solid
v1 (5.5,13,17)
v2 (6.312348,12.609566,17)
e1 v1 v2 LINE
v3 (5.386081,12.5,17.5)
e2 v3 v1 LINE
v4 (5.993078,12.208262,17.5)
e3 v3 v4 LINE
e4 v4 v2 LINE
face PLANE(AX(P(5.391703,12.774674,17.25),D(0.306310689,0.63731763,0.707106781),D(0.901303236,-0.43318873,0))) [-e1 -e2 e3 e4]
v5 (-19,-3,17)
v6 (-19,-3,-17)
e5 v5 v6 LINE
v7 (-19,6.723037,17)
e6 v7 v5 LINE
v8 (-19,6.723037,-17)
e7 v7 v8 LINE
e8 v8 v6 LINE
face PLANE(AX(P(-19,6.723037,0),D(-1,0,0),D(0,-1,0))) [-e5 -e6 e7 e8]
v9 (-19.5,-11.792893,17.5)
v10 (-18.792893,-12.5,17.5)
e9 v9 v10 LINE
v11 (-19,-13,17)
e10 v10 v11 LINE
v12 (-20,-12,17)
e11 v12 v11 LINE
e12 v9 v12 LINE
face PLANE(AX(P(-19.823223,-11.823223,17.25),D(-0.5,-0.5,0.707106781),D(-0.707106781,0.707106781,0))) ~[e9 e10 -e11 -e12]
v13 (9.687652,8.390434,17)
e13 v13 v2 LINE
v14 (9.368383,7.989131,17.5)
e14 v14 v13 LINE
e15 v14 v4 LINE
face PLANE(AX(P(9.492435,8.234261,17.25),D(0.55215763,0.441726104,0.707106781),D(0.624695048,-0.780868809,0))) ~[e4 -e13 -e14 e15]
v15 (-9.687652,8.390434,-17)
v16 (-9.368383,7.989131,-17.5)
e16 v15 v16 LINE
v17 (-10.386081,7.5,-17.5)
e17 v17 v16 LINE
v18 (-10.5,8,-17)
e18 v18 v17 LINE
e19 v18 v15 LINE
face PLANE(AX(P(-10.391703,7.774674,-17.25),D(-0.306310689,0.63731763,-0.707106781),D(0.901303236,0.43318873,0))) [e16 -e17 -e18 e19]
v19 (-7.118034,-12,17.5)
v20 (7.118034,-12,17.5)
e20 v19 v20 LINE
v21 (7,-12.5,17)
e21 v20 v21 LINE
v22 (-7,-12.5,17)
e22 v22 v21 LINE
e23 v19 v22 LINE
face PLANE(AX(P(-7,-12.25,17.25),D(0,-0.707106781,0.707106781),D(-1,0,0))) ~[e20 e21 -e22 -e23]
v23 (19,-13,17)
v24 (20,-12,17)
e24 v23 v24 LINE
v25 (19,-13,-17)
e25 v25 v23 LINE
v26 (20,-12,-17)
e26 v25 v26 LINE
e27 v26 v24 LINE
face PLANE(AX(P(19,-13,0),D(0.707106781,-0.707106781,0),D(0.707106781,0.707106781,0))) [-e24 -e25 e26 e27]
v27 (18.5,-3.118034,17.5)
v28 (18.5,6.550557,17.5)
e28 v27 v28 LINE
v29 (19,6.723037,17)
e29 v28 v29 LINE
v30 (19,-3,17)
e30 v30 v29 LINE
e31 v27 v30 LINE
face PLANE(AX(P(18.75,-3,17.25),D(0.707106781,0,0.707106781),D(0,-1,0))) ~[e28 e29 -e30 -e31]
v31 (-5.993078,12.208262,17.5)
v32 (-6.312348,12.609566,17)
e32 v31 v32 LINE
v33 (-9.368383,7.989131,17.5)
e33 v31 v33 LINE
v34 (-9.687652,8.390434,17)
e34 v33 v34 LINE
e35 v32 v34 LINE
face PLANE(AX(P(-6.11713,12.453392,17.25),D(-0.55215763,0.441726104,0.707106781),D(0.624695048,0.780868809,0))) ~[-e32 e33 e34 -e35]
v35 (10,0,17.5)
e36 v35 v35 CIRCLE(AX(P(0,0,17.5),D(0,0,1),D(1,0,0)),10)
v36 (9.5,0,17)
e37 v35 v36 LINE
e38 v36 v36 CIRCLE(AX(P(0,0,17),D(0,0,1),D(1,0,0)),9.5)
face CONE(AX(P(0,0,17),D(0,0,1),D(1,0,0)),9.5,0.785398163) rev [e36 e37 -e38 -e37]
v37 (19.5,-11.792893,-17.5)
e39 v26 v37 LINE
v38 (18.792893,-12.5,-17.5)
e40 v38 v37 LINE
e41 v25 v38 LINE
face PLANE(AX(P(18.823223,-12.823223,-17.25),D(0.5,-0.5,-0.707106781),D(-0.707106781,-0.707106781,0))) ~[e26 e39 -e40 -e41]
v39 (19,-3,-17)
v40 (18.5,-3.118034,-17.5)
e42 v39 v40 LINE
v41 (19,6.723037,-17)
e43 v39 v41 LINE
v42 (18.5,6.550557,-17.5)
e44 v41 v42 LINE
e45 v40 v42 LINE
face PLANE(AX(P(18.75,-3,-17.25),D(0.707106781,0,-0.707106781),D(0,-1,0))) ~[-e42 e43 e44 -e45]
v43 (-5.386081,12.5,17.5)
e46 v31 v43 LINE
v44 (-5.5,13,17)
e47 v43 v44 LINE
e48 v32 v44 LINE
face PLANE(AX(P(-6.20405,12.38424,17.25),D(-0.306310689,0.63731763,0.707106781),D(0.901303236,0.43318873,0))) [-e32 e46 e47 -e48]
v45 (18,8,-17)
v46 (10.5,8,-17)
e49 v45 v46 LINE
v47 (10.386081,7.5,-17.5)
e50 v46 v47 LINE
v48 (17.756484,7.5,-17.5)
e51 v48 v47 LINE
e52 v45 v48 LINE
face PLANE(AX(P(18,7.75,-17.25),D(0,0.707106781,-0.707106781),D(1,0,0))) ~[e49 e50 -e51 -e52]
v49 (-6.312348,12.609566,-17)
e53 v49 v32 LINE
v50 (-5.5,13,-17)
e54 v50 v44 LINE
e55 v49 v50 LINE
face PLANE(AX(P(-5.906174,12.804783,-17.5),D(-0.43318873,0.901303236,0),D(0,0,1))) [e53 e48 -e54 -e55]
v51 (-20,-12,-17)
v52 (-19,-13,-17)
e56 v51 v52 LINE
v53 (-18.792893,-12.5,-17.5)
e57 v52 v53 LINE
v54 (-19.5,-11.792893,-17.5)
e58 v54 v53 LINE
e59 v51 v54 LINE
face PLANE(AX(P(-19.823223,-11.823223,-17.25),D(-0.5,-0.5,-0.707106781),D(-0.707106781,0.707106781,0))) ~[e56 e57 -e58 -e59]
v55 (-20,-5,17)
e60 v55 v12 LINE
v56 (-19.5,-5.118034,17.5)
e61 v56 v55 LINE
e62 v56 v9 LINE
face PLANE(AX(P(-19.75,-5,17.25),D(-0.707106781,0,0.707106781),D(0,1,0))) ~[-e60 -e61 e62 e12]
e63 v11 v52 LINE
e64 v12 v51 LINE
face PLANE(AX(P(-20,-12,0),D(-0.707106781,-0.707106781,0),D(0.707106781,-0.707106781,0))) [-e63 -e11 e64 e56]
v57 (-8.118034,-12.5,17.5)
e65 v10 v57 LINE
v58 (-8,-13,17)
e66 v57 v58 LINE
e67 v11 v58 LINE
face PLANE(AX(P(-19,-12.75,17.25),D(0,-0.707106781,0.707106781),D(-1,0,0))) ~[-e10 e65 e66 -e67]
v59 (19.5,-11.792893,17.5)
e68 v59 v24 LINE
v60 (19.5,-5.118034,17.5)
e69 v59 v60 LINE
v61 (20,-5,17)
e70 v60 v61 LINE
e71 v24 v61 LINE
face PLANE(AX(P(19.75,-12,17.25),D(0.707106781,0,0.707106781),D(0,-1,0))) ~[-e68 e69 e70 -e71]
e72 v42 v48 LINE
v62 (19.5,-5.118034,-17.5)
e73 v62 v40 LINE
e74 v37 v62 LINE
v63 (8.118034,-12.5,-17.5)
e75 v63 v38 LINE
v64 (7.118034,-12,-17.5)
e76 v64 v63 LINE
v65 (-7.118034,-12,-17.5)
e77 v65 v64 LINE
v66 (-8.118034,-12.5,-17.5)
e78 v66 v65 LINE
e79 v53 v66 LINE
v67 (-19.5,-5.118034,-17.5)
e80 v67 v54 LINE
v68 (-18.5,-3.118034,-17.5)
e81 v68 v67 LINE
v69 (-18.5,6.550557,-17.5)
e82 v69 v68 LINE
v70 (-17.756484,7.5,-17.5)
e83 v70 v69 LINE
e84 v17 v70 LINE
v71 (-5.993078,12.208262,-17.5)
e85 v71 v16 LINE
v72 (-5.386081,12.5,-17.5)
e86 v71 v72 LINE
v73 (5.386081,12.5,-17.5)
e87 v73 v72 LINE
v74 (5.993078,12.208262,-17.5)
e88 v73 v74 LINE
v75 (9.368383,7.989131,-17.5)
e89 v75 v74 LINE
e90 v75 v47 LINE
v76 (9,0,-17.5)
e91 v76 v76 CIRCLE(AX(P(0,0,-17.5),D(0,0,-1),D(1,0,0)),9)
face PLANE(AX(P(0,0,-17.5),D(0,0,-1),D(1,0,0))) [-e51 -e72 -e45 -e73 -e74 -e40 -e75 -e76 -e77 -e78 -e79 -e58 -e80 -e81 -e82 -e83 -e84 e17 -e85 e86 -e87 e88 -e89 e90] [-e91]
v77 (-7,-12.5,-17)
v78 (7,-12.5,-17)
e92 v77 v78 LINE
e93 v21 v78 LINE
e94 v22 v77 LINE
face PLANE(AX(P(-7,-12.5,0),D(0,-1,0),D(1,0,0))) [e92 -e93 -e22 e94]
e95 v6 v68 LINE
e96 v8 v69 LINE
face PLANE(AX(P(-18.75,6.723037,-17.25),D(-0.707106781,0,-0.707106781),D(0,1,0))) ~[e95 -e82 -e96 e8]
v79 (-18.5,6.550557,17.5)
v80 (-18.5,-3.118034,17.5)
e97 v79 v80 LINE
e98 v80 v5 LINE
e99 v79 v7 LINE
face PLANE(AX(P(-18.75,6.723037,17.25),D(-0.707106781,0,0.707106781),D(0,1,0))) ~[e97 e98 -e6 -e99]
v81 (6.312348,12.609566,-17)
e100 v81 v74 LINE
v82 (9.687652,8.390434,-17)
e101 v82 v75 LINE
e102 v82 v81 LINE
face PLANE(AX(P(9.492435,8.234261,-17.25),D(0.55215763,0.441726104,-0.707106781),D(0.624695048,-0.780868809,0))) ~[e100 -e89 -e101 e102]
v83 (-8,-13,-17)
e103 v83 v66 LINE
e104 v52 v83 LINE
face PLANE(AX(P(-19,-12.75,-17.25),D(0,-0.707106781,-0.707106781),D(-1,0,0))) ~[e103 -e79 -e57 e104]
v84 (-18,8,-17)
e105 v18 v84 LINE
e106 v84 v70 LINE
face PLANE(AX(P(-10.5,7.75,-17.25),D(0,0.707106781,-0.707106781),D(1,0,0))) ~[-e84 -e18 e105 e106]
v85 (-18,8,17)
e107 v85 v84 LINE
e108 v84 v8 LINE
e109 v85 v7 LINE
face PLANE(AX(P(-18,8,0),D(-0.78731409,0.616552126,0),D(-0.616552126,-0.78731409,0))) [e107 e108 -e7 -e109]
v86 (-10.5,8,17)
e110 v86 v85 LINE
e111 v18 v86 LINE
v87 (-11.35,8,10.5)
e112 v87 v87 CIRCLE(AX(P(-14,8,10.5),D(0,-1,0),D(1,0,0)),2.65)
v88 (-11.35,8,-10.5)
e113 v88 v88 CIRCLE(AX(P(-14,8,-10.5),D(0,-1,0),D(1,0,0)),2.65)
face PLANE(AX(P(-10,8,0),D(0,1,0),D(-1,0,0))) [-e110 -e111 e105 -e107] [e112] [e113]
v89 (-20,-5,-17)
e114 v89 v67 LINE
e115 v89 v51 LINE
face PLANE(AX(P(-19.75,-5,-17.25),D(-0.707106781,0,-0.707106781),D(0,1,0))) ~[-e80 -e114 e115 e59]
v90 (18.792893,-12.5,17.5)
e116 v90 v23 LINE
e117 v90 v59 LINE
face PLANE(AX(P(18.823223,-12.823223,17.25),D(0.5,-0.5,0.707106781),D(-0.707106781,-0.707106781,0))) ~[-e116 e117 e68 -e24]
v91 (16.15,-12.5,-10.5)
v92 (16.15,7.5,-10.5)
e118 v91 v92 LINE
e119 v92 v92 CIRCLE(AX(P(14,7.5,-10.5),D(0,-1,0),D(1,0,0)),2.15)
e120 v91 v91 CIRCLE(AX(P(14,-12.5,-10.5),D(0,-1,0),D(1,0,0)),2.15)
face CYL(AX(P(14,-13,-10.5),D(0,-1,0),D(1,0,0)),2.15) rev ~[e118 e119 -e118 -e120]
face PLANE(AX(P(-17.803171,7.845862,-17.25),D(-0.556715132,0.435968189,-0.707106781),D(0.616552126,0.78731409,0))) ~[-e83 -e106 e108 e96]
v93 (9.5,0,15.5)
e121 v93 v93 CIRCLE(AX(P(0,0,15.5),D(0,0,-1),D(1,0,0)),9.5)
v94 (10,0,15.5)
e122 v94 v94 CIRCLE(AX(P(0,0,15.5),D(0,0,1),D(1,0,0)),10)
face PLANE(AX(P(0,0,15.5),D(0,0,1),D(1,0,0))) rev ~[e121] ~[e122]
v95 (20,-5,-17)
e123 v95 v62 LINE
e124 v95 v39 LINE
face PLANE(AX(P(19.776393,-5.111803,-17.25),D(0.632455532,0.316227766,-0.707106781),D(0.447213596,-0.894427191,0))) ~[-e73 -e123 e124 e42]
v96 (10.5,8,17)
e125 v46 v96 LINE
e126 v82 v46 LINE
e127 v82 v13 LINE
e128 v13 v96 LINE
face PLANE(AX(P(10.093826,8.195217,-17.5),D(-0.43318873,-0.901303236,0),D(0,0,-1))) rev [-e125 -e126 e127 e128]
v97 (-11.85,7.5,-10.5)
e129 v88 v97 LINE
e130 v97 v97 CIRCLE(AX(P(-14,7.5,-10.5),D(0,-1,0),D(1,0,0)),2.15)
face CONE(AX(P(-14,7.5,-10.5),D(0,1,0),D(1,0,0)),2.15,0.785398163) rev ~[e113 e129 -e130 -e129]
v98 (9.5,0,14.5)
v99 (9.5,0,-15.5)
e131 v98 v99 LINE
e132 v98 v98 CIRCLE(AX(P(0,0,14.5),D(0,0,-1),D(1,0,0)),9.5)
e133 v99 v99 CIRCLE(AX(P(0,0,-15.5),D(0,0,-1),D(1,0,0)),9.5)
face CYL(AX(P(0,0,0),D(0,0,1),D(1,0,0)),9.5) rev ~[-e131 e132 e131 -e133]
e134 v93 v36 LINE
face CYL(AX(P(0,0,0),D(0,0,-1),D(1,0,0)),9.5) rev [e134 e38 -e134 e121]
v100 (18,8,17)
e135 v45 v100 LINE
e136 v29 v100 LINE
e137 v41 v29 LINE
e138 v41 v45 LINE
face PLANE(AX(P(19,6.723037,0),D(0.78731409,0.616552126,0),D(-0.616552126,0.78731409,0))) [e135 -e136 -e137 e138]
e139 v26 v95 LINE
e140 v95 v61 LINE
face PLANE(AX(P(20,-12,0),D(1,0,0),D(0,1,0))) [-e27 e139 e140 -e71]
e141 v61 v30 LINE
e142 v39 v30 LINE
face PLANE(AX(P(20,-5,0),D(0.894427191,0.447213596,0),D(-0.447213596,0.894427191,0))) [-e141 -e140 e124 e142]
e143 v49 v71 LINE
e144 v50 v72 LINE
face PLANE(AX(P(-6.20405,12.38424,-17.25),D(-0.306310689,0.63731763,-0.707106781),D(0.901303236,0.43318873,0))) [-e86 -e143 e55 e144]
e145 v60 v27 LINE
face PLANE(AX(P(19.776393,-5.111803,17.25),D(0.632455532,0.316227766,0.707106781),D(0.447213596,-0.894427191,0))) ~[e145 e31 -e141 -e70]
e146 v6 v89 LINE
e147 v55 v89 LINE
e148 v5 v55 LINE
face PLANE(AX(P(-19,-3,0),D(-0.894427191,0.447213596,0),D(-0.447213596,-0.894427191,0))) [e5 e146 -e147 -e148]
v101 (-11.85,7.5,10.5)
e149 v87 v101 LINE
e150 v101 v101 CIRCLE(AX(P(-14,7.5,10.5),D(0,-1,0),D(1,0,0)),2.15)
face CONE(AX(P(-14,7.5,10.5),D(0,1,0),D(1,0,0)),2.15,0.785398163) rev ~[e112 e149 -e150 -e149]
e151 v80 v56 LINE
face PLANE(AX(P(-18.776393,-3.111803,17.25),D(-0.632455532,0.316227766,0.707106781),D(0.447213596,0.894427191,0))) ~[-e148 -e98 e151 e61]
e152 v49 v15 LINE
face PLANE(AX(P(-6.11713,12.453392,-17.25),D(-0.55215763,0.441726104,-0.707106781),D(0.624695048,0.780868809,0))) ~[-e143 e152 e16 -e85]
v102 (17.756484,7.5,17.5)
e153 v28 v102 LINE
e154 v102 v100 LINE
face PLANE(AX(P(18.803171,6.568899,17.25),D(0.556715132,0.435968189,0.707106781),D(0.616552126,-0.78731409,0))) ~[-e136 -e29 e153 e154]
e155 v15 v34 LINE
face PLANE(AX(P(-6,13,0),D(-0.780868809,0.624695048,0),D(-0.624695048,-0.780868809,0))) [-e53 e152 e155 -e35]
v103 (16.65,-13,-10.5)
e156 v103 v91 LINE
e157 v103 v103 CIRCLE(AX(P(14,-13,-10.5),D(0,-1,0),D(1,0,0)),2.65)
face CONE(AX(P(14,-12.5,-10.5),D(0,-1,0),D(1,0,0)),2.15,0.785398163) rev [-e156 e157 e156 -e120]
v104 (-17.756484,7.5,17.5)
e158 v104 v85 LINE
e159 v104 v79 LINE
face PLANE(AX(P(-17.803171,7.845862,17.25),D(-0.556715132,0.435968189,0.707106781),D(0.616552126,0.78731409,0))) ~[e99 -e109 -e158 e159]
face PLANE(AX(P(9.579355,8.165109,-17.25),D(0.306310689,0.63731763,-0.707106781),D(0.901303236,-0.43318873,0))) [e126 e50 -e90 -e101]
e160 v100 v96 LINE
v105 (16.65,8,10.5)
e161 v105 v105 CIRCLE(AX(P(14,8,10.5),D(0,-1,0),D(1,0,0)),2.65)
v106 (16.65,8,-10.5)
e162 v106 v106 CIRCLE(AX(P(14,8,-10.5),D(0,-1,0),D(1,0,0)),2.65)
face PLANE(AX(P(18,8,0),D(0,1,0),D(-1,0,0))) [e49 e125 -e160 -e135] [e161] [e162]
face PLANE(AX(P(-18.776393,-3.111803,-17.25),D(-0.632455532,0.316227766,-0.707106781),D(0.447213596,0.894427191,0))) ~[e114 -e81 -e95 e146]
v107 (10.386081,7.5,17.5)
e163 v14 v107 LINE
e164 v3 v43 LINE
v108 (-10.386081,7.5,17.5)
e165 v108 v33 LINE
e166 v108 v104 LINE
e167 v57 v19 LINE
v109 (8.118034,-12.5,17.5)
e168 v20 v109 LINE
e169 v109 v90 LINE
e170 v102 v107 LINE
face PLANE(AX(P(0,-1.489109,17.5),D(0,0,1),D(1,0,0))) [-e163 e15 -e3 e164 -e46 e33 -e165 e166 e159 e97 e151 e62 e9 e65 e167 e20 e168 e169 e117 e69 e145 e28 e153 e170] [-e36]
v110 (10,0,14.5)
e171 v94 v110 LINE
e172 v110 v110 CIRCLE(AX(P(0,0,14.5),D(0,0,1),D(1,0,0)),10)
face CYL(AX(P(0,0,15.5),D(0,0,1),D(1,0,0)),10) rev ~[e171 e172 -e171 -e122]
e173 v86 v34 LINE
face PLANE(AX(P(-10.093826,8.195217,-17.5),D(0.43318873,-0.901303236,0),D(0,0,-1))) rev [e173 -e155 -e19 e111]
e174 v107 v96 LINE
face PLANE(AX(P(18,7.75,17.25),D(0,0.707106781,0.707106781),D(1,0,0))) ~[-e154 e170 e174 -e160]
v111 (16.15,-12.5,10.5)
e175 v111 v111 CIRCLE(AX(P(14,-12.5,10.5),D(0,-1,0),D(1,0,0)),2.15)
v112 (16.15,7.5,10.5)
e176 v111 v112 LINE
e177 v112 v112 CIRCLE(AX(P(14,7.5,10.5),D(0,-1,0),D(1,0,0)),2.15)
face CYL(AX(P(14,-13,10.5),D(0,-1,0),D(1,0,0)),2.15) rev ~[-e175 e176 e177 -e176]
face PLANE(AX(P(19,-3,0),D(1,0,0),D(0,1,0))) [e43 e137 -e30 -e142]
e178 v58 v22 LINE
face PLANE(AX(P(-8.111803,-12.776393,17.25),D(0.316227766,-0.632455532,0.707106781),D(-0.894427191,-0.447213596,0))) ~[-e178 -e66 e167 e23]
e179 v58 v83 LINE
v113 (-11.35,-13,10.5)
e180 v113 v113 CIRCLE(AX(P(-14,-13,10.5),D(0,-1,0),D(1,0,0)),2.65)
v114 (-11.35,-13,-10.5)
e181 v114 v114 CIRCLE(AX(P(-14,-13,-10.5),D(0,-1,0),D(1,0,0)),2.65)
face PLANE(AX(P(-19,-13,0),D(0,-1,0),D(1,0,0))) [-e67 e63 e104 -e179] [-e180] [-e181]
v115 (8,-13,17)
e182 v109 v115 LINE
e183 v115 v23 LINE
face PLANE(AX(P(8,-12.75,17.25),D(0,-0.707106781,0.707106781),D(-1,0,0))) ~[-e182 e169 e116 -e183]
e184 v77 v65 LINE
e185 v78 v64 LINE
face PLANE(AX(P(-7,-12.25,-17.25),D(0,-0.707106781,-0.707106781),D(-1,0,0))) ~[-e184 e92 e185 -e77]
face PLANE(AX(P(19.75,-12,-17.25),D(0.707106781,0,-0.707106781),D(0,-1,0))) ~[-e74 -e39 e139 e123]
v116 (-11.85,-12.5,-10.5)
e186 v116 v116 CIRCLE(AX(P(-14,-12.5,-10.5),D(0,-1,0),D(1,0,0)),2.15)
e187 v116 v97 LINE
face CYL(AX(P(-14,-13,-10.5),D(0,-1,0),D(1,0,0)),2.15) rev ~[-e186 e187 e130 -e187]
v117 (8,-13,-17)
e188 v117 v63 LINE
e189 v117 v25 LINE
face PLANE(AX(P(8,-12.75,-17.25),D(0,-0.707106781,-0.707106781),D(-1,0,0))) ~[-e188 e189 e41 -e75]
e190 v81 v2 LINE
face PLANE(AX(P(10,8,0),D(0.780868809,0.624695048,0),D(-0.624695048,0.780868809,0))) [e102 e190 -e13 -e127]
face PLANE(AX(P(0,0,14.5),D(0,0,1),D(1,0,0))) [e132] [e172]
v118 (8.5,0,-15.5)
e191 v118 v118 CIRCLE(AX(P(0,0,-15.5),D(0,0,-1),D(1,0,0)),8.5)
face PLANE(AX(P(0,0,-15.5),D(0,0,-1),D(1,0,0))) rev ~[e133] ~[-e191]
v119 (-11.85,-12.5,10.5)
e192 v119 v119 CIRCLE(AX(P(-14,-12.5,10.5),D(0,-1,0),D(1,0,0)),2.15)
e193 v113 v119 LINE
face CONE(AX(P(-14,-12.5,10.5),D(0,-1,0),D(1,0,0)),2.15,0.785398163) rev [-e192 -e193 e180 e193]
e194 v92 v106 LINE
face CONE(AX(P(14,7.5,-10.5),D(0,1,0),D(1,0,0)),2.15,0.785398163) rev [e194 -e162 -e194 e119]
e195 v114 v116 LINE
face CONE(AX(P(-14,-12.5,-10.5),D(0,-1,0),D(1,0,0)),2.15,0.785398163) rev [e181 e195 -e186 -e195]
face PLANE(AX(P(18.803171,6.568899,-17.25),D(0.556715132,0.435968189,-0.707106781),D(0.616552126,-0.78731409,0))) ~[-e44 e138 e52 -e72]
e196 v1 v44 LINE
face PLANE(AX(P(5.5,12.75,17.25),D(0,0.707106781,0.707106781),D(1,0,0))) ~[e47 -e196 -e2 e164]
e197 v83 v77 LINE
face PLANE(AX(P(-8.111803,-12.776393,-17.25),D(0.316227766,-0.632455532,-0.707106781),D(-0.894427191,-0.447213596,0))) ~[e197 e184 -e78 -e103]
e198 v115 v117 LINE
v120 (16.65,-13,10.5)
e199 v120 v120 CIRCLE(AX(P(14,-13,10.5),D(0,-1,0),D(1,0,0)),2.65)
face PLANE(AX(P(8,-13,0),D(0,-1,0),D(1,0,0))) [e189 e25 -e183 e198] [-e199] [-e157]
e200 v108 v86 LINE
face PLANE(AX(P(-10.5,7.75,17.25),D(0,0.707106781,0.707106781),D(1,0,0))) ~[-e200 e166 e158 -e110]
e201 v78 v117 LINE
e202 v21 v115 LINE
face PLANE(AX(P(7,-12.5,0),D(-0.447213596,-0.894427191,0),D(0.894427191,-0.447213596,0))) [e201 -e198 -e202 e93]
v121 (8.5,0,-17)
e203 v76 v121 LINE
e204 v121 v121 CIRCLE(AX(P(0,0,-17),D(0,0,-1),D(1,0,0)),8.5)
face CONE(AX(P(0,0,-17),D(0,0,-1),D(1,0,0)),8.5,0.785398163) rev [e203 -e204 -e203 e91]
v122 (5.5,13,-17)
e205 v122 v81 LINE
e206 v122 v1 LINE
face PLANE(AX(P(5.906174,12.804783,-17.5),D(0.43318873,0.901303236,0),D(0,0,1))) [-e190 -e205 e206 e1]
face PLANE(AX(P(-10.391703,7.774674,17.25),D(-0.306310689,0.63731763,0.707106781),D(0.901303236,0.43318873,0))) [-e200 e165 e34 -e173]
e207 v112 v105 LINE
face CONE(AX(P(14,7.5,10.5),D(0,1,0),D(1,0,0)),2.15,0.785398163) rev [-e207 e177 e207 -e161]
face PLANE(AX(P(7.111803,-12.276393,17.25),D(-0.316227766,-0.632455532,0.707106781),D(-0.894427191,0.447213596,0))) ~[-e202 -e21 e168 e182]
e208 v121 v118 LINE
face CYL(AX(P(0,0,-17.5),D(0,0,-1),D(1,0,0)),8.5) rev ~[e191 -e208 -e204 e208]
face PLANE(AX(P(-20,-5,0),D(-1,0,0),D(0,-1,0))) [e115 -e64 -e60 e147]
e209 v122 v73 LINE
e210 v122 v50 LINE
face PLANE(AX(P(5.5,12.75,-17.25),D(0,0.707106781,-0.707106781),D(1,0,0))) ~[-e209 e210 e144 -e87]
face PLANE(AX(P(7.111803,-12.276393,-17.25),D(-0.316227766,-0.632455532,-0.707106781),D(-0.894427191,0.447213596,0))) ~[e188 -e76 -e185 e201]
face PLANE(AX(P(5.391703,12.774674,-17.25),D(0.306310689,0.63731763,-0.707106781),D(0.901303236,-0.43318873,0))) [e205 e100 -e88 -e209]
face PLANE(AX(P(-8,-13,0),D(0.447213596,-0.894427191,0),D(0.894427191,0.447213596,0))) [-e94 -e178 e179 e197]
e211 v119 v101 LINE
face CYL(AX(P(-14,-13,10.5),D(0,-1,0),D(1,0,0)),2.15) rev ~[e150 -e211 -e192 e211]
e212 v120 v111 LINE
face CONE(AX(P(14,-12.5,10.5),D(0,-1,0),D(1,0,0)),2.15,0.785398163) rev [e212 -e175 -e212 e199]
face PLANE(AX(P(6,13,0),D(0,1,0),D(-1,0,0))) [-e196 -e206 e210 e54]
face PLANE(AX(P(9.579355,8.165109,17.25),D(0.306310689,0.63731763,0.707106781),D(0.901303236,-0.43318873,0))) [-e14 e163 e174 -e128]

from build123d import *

# Parameters (mm, degrees)
F0_R          = 9.5
F1_DEPTH      = 17.5
F1_DEPTH_BACK = 17.5
F2_R          = 2.15
F3_DEPTH      = 25
F4_SIZE       = 0.5
F5_R          = 9.5
F5_R_2        = 8.5
F6_DEPTH      = 2
F8_R          = 10
F9_DEPTH      = 1
F10_SIZE      = 0.5
F11_SIZE      = 0.5
F12_SIZE      = 0.5


with BuildPart() as f1:
    # F0 (on Top) → F1 (new body, two sides)
    with BuildSketch(Plane.XY) as f1_sk:
        Polygon((8, -13), (19, -13), (20, -12), (20, -5), (19, -3), (19, 6.723037264), (18, 8), (10, 8), (6, 13), (-6, 13), (-10, 8), (-18, 8), (-19, 6.723037264), (-19, -3), (-20, -5), (-20, -12), (-19, -13), (-8, -13), (-7, -12.5), (7, -12.5), align=None)
        Circle(F0_R, mode=Mode.SUBTRACT)
    extrude(amount=F1_DEPTH)
    extrude(f1_sk.sketch, amount=-F1_DEPTH_BACK)

    # F2 (on face) → F3 (cut)
    with BuildSketch(Plane.XZ.offset(13)):
        with Locations((-14, 10.5)):
            Circle(F2_R)
        with Locations((14, 10.5)):
            Circle(F2_R)
        with Locations((14, -10.5)):
            Circle(F2_R)
        with Locations((-14, -10.5)):
            Circle(F2_R)
    extrude(amount=-F3_DEPTH, mode=Mode.SUBTRACT)

    # F4
    f4_edges = [f1.edges().sort_by_distance(p)[0] for p in [
        (-16.15, 8, 10.5),
        (-16.15, 8, -10.5),
        (11.85, 8, -10.5),
        (11.85, 8, 10.5),
        (-16.15, -13, 10.5),
        (-16.15, -13, -10.5),
        (11.85, -13, -10.5),
        (11.85, -13, 10.5),
    ]]
    chamfer(f4_edges, length=F4_SIZE)

    # F5 (on face) → F6 (join)
    with BuildSketch(Plane(origin=(0, 0, -17.5), x_dir=(1, 0, 0), z_dir=(0, 0, -1))):
        Circle(F5_R)
        Circle(F5_R_2, mode=Mode.SUBTRACT)
    extrude(amount=-F6_DEPTH)

    # F8 (on offset) → F9 (cut)
    with BuildSketch(Plane.XY.offset(15.5)):
        Circle(F8_R)
    extrude(amount=-F9_DEPTH, mode=Mode.SUBTRACT)

    # F10
    f10_edges = [f1.edges().sort_by_distance(p)[0] for p in [
        (-10, 8, 0),
        (-6, 13, 0),
        (6, 13, 0),
        (10, 8, 0),
    ]]
    chamfer(f10_edges, length=F10_SIZE)

    # F11
    f11_edges = [f1.edges().sort_by_distance(p)[0] for p in [
        (14.25, 8, 17.5),
        (10.093826, 8.195217, 17.5),
        (18.5, 7.361519, 17.5),
        (8, 10.5, 17.5),
        (19, 1.861519, 17.5),
        (5.906174, 12.804783, 17.5),
        (19.5, -4, 17.5),
        (0, 13, 17.5),
        (20, -8.5, 17.5),
        (-5.906174, 12.804783, 17.5),
        (19.5, -12.5, 17.5),
        (-8, 10.5, 17.5),
        (13.5, -13, 17.5),
        (-10.093826, 8.195217, 17.5),
        (7.5, -12.75, 17.5),
        (-14.25, 8, 17.5),
        (0, -12.5, 17.5),
        (-18.5, 7.361519, 17.5),
        (-7.5, -12.75, 17.5),
        (-19, 1.861519, 17.5),
        (-13.5, -13, 17.5),
        (-19.5, -4, 17.5),
        (-19.5, -12.5, 17.5),
        (-20, -8.5, 17.5),
        (-9.5, 0, 17.5),
    ]]
    chamfer(f11_edges, length=F11_SIZE)

    # F12
    f12_edges = [f1.edges().sort_by_distance(p)[0] for p in [
        (14.25, 8, -17.5),
        (10.093826, 8.195217, -17.5),
        (18.5, 7.361519, -17.5),
        (8, 10.5, -17.5),
        (19, 1.861519, -17.5),
        (5.906174, 12.804783, -17.5),
        (19.5, -4, -17.5),
        (0, 13, -17.5),
        (20, -8.5, -17.5),
        (-5.906174, 12.804783, -17.5),
        (19.5, -12.5, -17.5),
        (-8, 10.5, -17.5),
        (13.5, -13, -17.5),
        (-10.093826, 8.195217, -17.5),
        (7.5, -12.75, -17.5),
        (-14.25, 8, -17.5),
        (0, -12.5, -17.5),
        (-18.5, 7.361519, -17.5),
        (-7.5, -12.75, -17.5),
        (-19, 1.861519, -17.5),
        (-13.5, -13, -17.5),
        (-19.5, -4, -17.5),
        (-19.5, -12.5, -17.5),
        (-20, -8.5, -17.5),
        (-8.5, 0, -17.5),
    ]]
    chamfer(f12_edges, length=F12_SIZE)


solid = f1.part
